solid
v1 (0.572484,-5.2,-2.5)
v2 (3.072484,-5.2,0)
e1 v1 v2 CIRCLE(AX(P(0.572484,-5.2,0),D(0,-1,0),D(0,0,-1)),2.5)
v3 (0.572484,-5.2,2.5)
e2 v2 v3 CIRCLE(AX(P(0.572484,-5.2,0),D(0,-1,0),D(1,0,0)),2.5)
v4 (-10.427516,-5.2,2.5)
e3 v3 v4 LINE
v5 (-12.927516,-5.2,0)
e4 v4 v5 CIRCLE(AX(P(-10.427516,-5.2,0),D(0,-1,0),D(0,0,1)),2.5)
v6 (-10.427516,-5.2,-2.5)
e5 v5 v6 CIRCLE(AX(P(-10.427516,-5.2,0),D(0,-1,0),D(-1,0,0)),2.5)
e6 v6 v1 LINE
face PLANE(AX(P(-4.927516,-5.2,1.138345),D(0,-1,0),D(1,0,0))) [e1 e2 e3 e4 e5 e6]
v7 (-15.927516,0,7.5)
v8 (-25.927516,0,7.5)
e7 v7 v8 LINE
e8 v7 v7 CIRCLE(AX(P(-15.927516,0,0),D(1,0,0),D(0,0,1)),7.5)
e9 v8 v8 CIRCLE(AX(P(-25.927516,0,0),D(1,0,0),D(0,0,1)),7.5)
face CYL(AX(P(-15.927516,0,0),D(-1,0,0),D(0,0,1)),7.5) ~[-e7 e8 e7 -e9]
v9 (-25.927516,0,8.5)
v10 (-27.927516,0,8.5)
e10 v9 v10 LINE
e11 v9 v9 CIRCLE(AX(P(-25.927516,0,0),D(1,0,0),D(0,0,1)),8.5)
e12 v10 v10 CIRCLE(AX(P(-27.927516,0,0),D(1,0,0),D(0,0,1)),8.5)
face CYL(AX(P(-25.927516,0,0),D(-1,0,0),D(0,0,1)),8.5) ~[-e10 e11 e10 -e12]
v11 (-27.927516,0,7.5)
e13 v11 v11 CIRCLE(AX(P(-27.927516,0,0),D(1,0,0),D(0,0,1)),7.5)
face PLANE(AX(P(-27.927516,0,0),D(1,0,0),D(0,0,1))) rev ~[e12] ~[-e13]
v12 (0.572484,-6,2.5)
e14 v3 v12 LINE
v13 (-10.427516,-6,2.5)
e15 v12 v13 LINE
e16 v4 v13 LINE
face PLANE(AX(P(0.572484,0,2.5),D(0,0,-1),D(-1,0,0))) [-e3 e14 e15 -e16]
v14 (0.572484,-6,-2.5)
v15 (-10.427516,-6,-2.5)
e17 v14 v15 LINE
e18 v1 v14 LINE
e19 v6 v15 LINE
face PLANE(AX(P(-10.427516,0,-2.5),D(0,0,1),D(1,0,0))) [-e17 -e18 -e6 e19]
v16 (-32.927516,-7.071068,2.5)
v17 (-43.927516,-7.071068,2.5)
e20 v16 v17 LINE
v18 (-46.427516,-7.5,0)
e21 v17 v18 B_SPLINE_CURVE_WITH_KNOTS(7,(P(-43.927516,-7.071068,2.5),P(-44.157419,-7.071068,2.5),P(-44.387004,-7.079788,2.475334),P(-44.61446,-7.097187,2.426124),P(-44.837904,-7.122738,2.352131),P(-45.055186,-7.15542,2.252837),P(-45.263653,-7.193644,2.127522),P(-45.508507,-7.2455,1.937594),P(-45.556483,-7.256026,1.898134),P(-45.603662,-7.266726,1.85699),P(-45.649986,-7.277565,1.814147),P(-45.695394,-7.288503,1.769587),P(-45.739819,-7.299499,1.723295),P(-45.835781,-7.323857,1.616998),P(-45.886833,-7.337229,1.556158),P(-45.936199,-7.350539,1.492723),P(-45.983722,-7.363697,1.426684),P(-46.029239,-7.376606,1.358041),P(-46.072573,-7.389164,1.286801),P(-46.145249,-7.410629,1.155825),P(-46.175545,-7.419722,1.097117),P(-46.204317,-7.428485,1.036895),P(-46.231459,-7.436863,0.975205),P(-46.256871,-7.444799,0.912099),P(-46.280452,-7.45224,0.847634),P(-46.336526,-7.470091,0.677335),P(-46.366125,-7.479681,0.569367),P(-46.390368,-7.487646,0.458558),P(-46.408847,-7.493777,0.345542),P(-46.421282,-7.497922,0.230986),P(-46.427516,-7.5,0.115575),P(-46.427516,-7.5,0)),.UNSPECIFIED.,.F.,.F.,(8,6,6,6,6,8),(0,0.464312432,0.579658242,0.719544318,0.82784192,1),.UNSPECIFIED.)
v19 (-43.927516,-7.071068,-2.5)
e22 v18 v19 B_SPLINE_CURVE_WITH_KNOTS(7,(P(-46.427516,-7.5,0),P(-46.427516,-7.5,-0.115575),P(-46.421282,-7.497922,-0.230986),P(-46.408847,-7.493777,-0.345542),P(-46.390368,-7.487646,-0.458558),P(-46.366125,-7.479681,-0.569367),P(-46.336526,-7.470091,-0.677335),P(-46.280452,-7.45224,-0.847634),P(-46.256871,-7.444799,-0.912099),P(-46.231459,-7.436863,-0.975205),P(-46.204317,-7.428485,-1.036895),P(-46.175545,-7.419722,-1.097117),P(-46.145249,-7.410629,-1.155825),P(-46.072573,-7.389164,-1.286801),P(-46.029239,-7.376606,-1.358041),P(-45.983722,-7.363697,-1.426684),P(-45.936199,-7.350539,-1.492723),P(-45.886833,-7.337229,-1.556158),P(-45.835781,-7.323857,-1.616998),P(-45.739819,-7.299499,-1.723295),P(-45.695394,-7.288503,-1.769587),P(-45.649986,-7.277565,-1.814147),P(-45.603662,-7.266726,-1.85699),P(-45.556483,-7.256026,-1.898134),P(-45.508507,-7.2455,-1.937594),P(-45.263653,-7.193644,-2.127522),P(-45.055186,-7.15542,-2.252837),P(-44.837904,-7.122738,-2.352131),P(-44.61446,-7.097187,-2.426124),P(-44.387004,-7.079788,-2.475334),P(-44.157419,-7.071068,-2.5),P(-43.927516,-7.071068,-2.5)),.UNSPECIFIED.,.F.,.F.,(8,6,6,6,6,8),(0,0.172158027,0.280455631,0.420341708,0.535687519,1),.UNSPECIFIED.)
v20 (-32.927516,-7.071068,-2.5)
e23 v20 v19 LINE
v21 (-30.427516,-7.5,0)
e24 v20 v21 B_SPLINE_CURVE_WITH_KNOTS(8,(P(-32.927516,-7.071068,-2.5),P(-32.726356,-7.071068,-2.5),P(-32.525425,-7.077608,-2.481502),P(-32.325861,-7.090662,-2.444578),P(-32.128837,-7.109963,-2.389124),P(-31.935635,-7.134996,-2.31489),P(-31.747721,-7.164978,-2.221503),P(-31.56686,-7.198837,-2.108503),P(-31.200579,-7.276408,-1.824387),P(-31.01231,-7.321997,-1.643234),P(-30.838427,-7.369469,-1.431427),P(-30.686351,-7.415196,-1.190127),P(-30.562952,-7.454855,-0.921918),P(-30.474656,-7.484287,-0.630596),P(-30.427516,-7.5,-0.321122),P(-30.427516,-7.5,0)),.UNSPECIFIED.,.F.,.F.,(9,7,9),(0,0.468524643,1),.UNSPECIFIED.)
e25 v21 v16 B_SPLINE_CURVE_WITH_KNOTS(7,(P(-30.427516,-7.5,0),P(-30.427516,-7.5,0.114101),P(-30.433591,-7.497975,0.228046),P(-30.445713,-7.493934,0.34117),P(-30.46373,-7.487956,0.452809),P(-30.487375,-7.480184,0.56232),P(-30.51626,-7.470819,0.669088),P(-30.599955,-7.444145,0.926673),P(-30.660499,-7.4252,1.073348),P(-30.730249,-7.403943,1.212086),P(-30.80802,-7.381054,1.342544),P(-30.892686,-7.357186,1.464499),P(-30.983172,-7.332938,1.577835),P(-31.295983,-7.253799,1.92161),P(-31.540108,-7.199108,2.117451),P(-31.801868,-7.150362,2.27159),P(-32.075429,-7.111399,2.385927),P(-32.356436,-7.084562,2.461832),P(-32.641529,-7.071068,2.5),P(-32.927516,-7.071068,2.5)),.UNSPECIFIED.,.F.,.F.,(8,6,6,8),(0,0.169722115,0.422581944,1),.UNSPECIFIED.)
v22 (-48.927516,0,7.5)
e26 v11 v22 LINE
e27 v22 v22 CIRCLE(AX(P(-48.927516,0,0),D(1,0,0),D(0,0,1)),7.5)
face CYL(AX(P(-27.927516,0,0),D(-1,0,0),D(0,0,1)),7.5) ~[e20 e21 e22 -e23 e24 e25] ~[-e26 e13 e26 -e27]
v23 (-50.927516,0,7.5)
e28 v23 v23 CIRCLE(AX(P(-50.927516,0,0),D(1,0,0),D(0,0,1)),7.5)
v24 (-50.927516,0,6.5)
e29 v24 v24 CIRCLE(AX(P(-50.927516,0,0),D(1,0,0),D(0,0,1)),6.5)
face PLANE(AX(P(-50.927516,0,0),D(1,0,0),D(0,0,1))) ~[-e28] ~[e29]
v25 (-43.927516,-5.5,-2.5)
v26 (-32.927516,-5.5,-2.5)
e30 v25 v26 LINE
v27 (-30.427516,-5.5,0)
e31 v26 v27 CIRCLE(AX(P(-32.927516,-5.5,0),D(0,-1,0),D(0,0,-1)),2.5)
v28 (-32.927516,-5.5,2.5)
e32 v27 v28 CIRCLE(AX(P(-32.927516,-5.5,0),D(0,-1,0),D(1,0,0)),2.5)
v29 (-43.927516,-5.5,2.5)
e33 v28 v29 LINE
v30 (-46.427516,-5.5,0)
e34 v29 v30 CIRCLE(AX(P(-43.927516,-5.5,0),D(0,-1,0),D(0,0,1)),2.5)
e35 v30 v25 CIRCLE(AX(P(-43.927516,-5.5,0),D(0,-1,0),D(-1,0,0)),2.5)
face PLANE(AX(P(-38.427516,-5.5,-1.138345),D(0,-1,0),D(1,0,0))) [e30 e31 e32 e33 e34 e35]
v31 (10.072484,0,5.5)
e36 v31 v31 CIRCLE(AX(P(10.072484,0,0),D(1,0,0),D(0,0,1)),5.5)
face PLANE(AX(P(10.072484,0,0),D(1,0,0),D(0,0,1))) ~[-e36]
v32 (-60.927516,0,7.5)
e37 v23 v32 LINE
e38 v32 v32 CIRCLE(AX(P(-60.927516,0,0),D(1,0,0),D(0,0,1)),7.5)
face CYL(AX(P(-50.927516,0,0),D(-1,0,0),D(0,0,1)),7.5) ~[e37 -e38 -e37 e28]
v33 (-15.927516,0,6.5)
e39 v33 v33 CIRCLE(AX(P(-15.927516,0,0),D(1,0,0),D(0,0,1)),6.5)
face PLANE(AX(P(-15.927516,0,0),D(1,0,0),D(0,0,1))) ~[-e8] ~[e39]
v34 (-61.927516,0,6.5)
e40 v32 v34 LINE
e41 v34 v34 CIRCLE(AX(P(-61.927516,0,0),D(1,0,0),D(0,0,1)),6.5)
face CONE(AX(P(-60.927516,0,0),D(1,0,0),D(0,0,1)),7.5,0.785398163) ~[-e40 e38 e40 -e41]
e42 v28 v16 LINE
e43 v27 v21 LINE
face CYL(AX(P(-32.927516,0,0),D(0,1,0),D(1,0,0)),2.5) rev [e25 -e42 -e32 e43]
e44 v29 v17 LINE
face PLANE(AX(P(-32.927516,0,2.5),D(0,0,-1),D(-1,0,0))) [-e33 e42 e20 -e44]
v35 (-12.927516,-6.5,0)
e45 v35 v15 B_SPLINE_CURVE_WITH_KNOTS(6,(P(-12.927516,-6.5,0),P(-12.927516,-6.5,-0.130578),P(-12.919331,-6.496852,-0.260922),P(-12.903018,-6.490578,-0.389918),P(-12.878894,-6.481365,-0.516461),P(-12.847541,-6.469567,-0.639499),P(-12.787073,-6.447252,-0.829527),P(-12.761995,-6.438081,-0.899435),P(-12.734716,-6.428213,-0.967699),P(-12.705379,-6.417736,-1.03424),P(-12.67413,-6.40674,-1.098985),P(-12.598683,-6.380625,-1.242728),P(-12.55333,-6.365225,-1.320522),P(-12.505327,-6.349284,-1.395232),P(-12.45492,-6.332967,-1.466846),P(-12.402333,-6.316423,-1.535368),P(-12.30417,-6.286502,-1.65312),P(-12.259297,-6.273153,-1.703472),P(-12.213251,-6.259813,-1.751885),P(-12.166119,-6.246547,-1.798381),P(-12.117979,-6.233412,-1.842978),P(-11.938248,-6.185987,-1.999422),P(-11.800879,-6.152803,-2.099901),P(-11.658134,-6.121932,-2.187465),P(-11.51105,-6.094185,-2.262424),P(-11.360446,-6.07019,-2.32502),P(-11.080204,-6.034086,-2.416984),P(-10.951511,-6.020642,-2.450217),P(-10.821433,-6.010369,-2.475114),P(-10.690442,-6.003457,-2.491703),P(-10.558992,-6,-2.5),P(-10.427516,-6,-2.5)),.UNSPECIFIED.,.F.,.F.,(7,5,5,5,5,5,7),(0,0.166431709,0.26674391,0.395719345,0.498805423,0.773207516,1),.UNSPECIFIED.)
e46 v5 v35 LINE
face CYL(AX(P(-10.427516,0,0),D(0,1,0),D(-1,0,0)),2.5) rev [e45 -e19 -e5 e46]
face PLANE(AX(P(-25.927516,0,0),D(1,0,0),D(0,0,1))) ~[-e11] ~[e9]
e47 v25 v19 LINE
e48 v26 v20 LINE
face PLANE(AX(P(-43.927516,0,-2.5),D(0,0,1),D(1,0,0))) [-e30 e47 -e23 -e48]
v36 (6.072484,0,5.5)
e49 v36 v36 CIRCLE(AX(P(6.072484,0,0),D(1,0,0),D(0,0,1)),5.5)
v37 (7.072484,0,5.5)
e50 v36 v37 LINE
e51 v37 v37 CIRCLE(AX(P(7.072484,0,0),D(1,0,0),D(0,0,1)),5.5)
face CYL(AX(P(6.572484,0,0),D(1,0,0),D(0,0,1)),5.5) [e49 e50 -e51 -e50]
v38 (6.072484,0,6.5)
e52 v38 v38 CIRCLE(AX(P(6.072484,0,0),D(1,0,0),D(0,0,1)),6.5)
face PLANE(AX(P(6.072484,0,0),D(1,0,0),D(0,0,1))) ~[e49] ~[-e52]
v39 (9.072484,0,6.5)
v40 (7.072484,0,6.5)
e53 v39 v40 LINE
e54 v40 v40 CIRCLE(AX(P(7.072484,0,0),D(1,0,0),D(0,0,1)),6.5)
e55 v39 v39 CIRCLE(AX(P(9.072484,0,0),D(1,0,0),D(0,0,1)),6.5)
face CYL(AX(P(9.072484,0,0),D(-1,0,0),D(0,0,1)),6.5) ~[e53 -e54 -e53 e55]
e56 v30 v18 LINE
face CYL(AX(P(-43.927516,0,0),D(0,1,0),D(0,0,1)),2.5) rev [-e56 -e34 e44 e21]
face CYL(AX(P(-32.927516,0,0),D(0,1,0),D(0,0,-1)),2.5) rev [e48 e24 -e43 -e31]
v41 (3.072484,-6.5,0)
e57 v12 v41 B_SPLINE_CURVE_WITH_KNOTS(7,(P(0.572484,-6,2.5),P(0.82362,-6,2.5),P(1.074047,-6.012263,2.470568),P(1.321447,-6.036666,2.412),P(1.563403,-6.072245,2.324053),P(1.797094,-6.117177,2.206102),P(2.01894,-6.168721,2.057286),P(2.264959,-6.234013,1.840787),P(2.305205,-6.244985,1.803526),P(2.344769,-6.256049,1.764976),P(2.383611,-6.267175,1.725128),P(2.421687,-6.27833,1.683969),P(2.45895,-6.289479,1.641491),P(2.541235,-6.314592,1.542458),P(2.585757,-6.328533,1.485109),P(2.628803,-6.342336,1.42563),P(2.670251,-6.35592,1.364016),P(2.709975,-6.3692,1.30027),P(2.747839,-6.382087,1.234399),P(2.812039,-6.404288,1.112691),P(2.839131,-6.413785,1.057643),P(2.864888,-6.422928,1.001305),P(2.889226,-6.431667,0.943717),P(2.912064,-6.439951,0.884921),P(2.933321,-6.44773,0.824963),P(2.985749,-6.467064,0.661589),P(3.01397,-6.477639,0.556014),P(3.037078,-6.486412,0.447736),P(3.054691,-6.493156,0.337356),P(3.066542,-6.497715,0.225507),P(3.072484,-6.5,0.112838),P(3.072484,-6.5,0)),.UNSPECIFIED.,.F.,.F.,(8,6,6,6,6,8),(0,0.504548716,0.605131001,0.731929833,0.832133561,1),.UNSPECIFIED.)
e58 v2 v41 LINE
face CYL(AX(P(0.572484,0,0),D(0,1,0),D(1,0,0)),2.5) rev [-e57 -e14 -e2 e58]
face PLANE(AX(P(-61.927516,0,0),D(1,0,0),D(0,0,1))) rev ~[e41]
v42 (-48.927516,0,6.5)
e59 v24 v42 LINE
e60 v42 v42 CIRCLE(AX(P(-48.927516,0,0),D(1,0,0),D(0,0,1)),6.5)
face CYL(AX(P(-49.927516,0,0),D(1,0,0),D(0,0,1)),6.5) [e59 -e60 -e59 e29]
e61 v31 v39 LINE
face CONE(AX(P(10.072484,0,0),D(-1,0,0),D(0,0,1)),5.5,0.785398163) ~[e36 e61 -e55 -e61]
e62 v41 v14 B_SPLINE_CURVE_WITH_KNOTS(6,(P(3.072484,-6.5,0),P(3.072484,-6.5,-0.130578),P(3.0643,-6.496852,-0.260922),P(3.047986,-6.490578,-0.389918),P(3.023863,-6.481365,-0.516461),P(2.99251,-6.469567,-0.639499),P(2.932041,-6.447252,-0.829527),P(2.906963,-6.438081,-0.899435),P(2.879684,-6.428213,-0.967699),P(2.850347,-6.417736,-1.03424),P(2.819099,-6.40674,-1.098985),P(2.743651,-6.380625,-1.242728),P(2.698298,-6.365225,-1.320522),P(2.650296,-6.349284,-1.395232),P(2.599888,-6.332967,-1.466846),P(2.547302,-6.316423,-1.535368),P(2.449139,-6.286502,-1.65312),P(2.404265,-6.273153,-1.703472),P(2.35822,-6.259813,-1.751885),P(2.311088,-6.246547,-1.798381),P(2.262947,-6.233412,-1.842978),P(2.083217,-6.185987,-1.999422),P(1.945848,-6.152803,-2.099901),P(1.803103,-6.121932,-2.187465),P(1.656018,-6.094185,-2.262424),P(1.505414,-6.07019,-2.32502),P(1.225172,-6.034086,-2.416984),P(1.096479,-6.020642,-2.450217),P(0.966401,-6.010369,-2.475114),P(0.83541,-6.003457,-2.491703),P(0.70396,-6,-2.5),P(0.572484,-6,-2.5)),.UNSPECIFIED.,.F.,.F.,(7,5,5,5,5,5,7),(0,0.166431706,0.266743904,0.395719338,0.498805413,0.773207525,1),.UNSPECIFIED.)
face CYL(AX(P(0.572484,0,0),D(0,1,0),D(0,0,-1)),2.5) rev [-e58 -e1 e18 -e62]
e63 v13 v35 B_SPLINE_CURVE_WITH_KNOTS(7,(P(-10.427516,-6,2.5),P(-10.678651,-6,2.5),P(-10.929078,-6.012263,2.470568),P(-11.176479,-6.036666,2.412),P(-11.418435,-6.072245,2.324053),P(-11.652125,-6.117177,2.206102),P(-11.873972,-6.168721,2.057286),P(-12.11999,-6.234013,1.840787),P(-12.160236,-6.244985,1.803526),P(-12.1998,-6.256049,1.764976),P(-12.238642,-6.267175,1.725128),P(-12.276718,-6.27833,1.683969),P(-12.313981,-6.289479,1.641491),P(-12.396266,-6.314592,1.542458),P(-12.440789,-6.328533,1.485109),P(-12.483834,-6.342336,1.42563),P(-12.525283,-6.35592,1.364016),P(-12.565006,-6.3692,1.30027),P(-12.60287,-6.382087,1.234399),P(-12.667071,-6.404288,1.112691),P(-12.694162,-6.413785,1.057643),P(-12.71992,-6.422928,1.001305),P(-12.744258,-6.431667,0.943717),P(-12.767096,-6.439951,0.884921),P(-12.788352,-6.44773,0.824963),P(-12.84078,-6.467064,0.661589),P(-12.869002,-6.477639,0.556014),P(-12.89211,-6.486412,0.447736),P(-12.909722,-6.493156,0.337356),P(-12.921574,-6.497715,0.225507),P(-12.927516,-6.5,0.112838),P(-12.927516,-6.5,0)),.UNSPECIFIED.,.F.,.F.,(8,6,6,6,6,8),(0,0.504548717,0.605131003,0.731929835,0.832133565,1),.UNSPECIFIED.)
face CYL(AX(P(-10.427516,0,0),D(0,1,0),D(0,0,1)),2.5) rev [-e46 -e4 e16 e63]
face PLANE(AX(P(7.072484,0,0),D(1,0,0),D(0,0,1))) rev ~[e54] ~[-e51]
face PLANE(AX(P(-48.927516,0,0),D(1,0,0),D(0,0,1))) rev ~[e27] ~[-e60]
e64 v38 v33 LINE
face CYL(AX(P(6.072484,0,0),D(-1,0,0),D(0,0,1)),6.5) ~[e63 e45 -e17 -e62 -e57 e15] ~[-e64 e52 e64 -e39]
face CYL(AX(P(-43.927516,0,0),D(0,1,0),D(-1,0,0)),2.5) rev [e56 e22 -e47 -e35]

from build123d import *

# Parameters (mm, degrees)
F0_W     = 1
F0_H     = 5.5
F0_H_2   = 7.5
F0_W_2   = 2
F0_H_3   = 6.5
F2_DEPTH = 25
F3_DEPTH = 5.5
F4_DEPTH = 5.2


with BuildPart() as f1:
    # F0 (on Front) → F1 (revolve)
    with BuildSketch(Plane.XZ):
        Polygon((9.0724842548, 6.5), (9.0724842548, 0), (10.0724842548, 0), (10.0724842548, 5.5), align=None)
        Polygon((7.0724842548, 6.5), (7.0724842548, 5.5), (7.0724842548, 0), (9.0724842548, 0), (9.0724842548, 6.5), align=None)
        with Locations((6.5724842548, 2.75)):
            Rectangle(F0_W, F0_H)
        with BuildLine():
            Line((-15.9275157452, 6.5), (-15.9275157452, 0))
            Line((-15.9275157452, 0), (-12.9275157452, 0))
            ThreePointArc((-12.9275157452, 0), (-12.1952826981, 1.767766953), (-10.4275157452, 2.5))
            Line((-10.4275157452, 2.5), (0.5724842548, 2.5))
            ThreePointArc((0.5724842548, 2.5), (2.3402512078, 1.767766953), (3.0724842548, 0))
            Line((3.0724842548, 0), (6.0724842548, 0))
            Line((6.0724842548, 0), (6.0724842548, 5.5))
            Line((6.0724842548, 5.5), (6.0724842548, 6.5))
            Line((6.0724842548, 6.5), (-15.9275157452, 6.5))
        make_face()
        with BuildLine():
            ThreePointArc((-10.4275157452, 2.5), (-12.1952826981, 1.767766953), (-12.9275157452, 0))
            Line((-12.9275157452, 0), (3.0724842548, 0))
            ThreePointArc((3.0724842548, 0), (2.3402512078, 1.767766953), (0.5724842548, 2.5))
            Line((0.5724842548, 2.5), (-10.4275157452, 2.5))
        make_face()
        Polygon((-24.9275157452, 7.5), (-24.9275157452, 0), (-15.9275157452, 0), (-15.9275157452, 6.5), (-15.9275157452, 7.5), align=None)
        with Locations((-25.4275157452, 3.75)):
            Rectangle(F0_W, F0_H_2)
        Polygon((-27.9275157452, 8.5), (-27.9275157452, 7.5), (-27.9275157452, 0), (-25.9275157452, 0), (-25.9275157452, 7.5), (-25.9275157452, 8.5), align=None)
        with BuildLine():
            Line((-27.9275157452, 7.5), (-48.9275157452, 7.5))
            Line((-48.9275157452, 7.5), (-48.9275157452, 6.5))
            Line((-48.9275157452, 6.5), (-48.9275157452, 0))
            Line((-48.9275157452, 0), (-46.4275157452, 0))
            ThreePointArc((-46.4275157452, 0), (-45.6952826981, 1.767766953), (-43.9275157452, 2.5))
            Line((-43.9275157452, 2.5), (-32.9275157452, 2.5))
            ThreePointArc((-32.9275157452, 2.5), (-31.1597487922, 1.767766953), (-30.4275157452, 0))
            Line((-30.4275157452, 0), (-27.9275157452, 0))
            Line((-27.9275157452, 0), (-27.9275157452, 7.5))
        make_face()
        with BuildLine():
            ThreePointArc((-43.9275157452, 2.5), (-45.6952826981, 1.767766953), (-46.4275157452, 0))
            Line((-46.4275157452, 0), (-30.4275157452, 0))
            ThreePointArc((-30.4275157452, 0), (-31.1597487922, 1.767766953), (-32.9275157452, 2.5))
            Line((-32.9275157452, 2.5), (-43.9275157452, 2.5))
        make_face()
        with Locations((-49.9275157452, 3.25)):
            Rectangle(F0_W_2, F0_H_3)
        Polygon((-50.9275157452, 0), (-50.9275157452, 6.5), (-50.9275157452, 7.5), (-60.9275157452, 7.5), (-60.9275157452, 0), align=None)
        Polygon((-61.9275157452, 0), (-60.9275157452, 0), (-60.9275157452, 7.5), (-61.9275157452, 6.5), align=None)
    revolve(axis=Axis((-25.9275157452, 0, 0), (1, 0, 0)))

    # F0 (on Front) → F2 (cut)
    with BuildSketch(Plane.XZ):
        with BuildLine():
            Line((-30.4275157452, 0), (-46.4275157452, 0))
            ThreePointArc((-46.4275157452, 0), (-45.6952826981, -1.767766953), (-43.9275157452, -2.5))
            Line((-43.9275157452, -2.5), (-32.9275157452, -2.5))
            ThreePointArc((-32.9275157452, -2.5), (-31.1597487922, -1.767766953), (-30.4275157452, 0))
        make_face()
        with BuildLine():
            ThreePointArc((-43.9275157452, 2.5), (-45.6952826981, 1.767766953), (-46.4275157452, 0))
            Line((-46.4275157452, 0), (-30.4275157452, 0))
            ThreePointArc((-30.4275157452, 0), (-31.1597487922, 1.767766953), (-32.9275157452, 2.5))
            Line((-32.9275157452, 2.5), (-43.9275157452, 2.5))
        make_face()
        with BuildLine():
            ThreePointArc((-10.4275157452, 2.5), (-12.1952826981, 1.767766953), (-12.9275157452, 0))
            Line((-12.9275157452, 0), (3.0724842548, 0))
            ThreePointArc((3.0724842548, 0), (2.3402512078, 1.767766953), (0.5724842548, 2.5))
            Line((0.5724842548, 2.5), (-10.4275157452, 2.5))
        make_face()
        with BuildLine():
            Line((3.0724842548, 0), (-12.9275157452, 0))
            ThreePointArc((-12.9275157452, 0), (-12.1952826981, -1.767766953), (-10.4275157452, -2.5))
            Line((-10.4275157452, -2.5), (0.5724842548, -2.5))
            ThreePointArc((0.5724842548, -2.5), (2.3402512078, -1.767766953), (3.0724842548, 0))
        make_face()
    extrude(amount=F2_DEPTH, mode=Mode.SUBTRACT)

    # F3 (add): a face of the model
    f3_faces = [f1.faces().sort_by_distance(p)[0] for p in [
        (-38.4275157452, 0, 0),
    ]]
    extrude(f3_faces, amount=F3_DEPTH)

    # F4 (add): a face of the model
    f4_faces = [f1.faces().sort_by_distance(p)[0] for p in [
        (-4.9275157452, 0, 0),
    ]]
    extrude(f4_faces, amount=F4_DEPTH)


solid = f1.part
